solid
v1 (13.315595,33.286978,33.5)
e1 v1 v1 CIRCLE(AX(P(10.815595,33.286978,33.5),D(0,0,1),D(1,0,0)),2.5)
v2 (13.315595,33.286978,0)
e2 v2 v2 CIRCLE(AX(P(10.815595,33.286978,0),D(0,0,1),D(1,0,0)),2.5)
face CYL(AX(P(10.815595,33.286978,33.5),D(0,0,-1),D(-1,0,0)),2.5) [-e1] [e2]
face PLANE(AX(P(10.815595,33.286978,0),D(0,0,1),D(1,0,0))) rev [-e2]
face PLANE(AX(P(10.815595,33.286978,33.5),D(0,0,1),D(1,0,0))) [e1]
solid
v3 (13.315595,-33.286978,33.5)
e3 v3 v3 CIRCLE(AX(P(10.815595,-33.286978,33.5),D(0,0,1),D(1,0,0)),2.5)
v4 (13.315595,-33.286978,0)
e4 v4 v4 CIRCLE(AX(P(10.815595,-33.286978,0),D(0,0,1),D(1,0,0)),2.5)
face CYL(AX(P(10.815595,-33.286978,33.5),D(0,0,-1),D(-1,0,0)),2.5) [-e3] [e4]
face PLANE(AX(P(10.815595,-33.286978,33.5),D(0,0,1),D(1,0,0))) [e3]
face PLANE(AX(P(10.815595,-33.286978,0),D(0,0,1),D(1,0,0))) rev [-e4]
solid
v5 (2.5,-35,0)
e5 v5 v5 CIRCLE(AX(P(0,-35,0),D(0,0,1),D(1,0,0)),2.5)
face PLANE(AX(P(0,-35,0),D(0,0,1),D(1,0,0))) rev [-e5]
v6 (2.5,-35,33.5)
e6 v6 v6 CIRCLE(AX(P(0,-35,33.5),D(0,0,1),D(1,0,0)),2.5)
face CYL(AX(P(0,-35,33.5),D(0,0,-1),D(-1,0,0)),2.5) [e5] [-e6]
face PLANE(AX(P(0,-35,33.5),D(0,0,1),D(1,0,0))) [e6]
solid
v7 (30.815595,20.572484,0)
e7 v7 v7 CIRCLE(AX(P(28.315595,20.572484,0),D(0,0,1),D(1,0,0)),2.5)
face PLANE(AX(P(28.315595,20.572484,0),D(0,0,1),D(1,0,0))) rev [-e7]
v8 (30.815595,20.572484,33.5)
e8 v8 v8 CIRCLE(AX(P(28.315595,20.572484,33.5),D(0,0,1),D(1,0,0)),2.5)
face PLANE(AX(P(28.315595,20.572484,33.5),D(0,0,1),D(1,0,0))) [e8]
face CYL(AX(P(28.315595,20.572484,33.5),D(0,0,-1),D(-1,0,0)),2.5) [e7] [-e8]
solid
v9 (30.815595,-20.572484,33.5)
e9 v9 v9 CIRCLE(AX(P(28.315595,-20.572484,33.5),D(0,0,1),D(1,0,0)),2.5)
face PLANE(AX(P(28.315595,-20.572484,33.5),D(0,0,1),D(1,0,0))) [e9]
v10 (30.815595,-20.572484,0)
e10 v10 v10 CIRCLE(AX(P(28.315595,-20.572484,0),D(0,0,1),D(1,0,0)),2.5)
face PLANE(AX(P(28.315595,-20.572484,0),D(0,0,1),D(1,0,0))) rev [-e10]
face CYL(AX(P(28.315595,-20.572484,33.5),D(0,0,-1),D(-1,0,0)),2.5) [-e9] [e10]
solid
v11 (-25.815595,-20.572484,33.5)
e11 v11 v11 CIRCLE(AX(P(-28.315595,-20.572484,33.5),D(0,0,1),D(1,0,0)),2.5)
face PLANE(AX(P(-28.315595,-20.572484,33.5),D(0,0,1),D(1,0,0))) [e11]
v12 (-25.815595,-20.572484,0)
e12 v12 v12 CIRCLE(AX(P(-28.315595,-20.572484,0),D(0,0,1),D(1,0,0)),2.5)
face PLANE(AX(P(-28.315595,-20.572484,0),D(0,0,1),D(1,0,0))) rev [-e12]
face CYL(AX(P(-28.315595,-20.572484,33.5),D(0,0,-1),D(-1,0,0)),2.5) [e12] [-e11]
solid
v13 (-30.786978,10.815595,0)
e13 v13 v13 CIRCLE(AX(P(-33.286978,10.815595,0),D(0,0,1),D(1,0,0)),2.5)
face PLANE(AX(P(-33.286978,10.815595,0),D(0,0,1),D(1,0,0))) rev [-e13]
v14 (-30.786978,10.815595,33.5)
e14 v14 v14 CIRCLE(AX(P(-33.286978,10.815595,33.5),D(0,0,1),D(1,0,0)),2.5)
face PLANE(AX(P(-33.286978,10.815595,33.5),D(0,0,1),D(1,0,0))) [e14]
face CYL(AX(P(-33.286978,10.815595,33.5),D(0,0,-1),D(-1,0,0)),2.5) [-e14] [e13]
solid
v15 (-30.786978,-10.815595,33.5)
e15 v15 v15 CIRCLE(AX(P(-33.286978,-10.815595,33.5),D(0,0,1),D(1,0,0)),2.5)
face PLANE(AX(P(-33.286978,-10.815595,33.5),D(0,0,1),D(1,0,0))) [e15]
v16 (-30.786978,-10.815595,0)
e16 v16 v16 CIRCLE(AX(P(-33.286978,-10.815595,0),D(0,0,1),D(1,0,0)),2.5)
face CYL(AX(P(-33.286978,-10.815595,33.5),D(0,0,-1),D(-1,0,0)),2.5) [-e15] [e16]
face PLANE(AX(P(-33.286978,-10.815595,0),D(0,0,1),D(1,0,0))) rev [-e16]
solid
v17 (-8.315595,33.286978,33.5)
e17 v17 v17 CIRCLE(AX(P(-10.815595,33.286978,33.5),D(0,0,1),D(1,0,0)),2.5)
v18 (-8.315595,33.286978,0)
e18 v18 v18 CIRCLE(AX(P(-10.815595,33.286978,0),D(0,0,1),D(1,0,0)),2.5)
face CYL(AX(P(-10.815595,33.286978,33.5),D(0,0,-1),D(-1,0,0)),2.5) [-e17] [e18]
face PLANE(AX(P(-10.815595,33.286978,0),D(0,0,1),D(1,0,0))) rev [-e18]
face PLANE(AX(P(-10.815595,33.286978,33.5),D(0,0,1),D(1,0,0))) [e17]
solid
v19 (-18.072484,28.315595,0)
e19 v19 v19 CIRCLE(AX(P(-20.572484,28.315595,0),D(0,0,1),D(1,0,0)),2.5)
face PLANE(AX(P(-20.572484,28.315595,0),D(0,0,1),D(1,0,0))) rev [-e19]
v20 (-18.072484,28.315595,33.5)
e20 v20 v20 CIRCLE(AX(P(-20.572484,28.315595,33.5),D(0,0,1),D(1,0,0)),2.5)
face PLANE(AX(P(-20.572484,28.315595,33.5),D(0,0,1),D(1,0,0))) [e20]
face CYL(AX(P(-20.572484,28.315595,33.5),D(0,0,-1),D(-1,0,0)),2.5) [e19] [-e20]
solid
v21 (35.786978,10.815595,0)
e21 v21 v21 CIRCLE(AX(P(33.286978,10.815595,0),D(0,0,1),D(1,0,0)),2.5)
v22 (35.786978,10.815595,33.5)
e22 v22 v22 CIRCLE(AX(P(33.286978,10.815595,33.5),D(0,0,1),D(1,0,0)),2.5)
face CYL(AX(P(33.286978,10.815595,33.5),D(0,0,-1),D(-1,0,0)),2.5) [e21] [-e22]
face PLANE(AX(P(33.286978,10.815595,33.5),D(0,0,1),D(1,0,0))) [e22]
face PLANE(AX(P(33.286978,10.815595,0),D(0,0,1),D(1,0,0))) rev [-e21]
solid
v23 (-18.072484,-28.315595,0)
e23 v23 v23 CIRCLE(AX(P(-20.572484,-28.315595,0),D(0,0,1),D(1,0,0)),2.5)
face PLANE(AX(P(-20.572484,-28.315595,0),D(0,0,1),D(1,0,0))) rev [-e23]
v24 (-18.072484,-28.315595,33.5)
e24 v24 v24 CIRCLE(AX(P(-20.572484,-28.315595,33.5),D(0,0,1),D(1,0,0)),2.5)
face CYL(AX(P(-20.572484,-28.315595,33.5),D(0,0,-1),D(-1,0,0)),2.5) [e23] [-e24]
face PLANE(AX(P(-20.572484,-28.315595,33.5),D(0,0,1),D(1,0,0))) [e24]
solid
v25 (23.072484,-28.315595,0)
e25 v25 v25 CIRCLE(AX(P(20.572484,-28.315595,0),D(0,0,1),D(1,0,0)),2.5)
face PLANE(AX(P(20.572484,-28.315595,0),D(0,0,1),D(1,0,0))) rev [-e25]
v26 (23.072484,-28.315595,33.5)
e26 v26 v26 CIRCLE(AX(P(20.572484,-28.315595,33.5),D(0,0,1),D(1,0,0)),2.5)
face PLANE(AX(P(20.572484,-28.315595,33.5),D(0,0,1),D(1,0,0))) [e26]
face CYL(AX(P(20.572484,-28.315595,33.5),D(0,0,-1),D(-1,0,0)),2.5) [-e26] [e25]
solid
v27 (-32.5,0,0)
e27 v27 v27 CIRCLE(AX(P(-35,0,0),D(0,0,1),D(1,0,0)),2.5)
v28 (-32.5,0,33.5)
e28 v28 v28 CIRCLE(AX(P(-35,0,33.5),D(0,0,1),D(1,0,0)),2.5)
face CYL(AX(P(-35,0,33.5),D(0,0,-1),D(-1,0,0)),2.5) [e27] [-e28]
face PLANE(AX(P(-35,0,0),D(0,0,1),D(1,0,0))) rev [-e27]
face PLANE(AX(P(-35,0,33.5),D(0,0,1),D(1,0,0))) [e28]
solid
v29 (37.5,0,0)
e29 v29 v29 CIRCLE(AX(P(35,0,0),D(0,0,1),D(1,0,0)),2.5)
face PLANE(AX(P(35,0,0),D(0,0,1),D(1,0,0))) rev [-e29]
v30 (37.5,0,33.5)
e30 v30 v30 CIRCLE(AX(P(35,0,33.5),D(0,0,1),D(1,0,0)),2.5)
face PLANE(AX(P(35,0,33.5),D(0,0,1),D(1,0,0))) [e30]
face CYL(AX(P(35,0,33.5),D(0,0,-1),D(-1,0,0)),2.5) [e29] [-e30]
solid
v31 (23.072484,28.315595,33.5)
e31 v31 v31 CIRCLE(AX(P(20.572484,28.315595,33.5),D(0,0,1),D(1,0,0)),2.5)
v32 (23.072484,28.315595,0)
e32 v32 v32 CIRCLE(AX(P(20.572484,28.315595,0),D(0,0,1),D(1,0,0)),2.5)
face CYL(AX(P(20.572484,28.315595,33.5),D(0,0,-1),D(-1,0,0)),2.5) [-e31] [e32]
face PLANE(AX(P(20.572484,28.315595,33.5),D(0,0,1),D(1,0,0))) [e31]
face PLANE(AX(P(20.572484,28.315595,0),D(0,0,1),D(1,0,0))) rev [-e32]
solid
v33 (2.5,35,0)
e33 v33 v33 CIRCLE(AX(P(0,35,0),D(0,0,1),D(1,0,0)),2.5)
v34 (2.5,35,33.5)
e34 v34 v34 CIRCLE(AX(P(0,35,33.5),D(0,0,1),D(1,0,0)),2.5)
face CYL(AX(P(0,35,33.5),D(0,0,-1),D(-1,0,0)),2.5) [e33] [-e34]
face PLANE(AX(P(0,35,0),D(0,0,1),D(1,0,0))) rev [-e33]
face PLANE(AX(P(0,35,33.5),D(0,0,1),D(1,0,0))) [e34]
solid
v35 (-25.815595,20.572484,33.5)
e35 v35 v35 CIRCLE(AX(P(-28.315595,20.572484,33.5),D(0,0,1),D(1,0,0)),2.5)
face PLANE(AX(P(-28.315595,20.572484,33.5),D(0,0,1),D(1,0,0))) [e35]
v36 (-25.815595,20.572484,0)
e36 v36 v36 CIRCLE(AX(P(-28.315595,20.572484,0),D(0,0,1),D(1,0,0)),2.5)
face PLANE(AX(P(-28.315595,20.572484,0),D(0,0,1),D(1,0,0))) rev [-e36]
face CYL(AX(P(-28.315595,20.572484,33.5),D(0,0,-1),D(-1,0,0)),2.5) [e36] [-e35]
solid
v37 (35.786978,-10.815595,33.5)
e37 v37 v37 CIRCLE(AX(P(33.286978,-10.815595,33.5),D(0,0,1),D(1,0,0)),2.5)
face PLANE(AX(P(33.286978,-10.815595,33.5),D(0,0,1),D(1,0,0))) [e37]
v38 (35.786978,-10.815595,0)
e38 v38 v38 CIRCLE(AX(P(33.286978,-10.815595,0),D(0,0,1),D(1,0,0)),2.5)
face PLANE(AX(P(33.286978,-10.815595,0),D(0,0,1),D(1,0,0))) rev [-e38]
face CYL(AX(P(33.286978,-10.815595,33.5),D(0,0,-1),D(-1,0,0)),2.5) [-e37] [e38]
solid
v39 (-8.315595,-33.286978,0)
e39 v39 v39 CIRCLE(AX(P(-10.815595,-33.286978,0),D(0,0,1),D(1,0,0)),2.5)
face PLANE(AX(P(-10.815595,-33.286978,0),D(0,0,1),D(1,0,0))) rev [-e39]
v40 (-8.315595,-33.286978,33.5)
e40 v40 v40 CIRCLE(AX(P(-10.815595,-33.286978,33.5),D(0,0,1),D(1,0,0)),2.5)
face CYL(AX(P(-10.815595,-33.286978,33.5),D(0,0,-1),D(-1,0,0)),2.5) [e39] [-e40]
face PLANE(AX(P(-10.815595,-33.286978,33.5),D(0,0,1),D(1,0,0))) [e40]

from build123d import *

# Parameters (mm, degrees)
SKETCH1_R              = 2.5
BOSS_EXTRUDE1_DEPTH    = 33.5
BOSS_EXTRUDE1_2_DEPTH  = 33.5
BOSS_EXTRUDE1_3_DEPTH  = 33.5
BOSS_EXTRUDE1_4_DEPTH  = 33.5
BOSS_EXTRUDE1_5_DEPTH  = 33.5
BOSS_EXTRUDE1_6_DEPTH  = 33.5
BOSS_EXTRUDE1_7_DEPTH  = 33.5
BOSS_EXTRUDE1_8_DEPTH  = 33.5
BOSS_EXTRUDE1_9_DEPTH  = 33.5
BOSS_EXTRUDE1_10_DEPTH = 33.5
BOSS_EXTRUDE1_11_DEPTH = 33.5
BOSS_EXTRUDE1_12_DEPTH = 33.5
BOSS_EXTRUDE1_13_DEPTH = 33.5
BOSS_EXTRUDE1_14_DEPTH = 33.5
BOSS_EXTRUDE1_15_DEPTH = 33.5
BOSS_EXTRUDE1_16_DEPTH = 33.5
BOSS_EXTRUDE1_17_DEPTH = 33.5
BOSS_EXTRUDE1_18_DEPTH = 33.5
BOSS_EXTRUDE1_19_DEPTH = 33.5
BOSS_EXTRUDE1_20_DEPTH = 33.5


with BuildPart() as part:
    # Sketch1 → Boss-Extrude1 (new body)
    with BuildSketch(Plane.XY):
        with Locations((0, 35)):
            Circle(SKETCH1_R)
    extrude(amount=BOSS_EXTRUDE1_DEPTH)


with BuildPart() as body_2:
    # Sketch1 → Boss-Extrude1 2 (new body)
    with BuildSketch(Plane.XY):
        with Locations((10.815594803, 33.28697807)):
            Circle(SKETCH1_R)
    extrude(amount=BOSS_EXTRUDE1_2_DEPTH)


with BuildPart() as body_3:
    # Sketch1 → Boss-Extrude1 3 (new body)
    with BuildSketch(Plane.XY):
        with Locations((20.57248383, 28.315594803)):
            Circle(SKETCH1_R)
    extrude(amount=BOSS_EXTRUDE1_3_DEPTH)


with BuildPart() as body_4:
    # Sketch1 → Boss-Extrude1 4 (new body)
    with BuildSketch(Plane.XY):
        with Locations((28.315594803, 20.57248383)):
            Circle(SKETCH1_R)
    extrude(amount=BOSS_EXTRUDE1_4_DEPTH)


with BuildPart() as body_5:
    # Sketch1 → Boss-Extrude1 5 (new body)
    with BuildSketch(Plane.XY):
        with Locations((33.28697807, 10.815594803)):
            Circle(SKETCH1_R)
    extrude(amount=BOSS_EXTRUDE1_5_DEPTH)


with BuildPart() as body_6:
    # Sketch1 → Boss-Extrude1 6 (new body)
    with BuildSketch(Plane.XY):
        with Locations((35, 0)):
            Circle(SKETCH1_R)
    extrude(amount=BOSS_EXTRUDE1_6_DEPTH)


with BuildPart() as body_7:
    # Sketch1 → Boss-Extrude1 7 (new body)
    with BuildSketch(Plane.XY):
        with Locations((33.28697807, -10.815594803)):
            Circle(SKETCH1_R)
    extrude(amount=BOSS_EXTRUDE1_7_DEPTH)


with BuildPart() as body_8:
    # Sketch1 → Boss-Extrude1 8 (new body)
    with BuildSketch(Plane.XY):
        with Locations((28.315594803, -20.57248383)):
            Circle(SKETCH1_R)
    extrude(amount=BOSS_EXTRUDE1_8_DEPTH)


with BuildPart() as body_9:
    # Sketch1 → Boss-Extrude1 9 (new body)
    with BuildSketch(Plane.XY):
        with Locations((20.57248383, -28.315594803)):
            Circle(SKETCH1_R)
    extrude(amount=BOSS_EXTRUDE1_9_DEPTH)


with BuildPart() as body_10:
    # Sketch1 → Boss-Extrude1 10 (new body)
    with BuildSketch(Plane.XY):
        with Locations((10.815594803, -33.28697807)):
            Circle(SKETCH1_R)
    extrude(amount=BOSS_EXTRUDE1_10_DEPTH)


with BuildPart() as body_11:
    # Sketch1 → Boss-Extrude1 11 (new body)
    with BuildSketch(Plane.XY):
        with Locations((0, -35)):
            Circle(SKETCH1_R)
    extrude(amount=BOSS_EXTRUDE1_11_DEPTH)


with BuildPart() as body_12:
    # Sketch1 → Boss-Extrude1 12 (new body)
    with BuildSketch(Plane.XY):
        with Locations((-10.815594803, -33.28697807)):
            Circle(SKETCH1_R)
    extrude(amount=BOSS_EXTRUDE1_12_DEPTH)


with BuildPart() as body_13:
    # Sketch1 → Boss-Extrude1 13 (new body)
    with BuildSketch(Plane.XY):
        with Locations((-20.57248383, -28.315594803)):
            Circle(SKETCH1_R)
    extrude(amount=BOSS_EXTRUDE1_13_DEPTH)


with BuildPart() as body_14:
    # Sketch1 → Boss-Extrude1 14 (new body)
    with BuildSketch(Plane.XY):
        with Locations((-28.315594803, -20.57248383)):
            Circle(SKETCH1_R)
    extrude(amount=BOSS_EXTRUDE1_14_DEPTH)


with BuildPart() as body_15:
    # Sketch1 → Boss-Extrude1 15 (new body)
    with BuildSketch(Plane.XY):
        with Locations((-33.28697807, -10.815594803)):
            Circle(SKETCH1_R)
    extrude(amount=BOSS_EXTRUDE1_15_DEPTH)


with BuildPart() as body_16:
    # Sketch1 → Boss-Extrude1 16 (new body)
    with BuildSketch(Plane.XY):
        with Locations((-35, 0)):
            Circle(SKETCH1_R)
    extrude(amount=BOSS_EXTRUDE1_16_DEPTH)


with BuildPart() as body_17:
    # Sketch1 → Boss-Extrude1 17 (new body)
    with BuildSketch(Plane.XY):
        with Locations((-33.28697807, 10.815594803)):
            Circle(SKETCH1_R)
    extrude(amount=BOSS_EXTRUDE1_17_DEPTH)


with BuildPart() as body_18:
    # Sketch1 → Boss-Extrude1 18 (new body)
    with BuildSketch(Plane.XY):
        with Locations((-28.315594803, 20.57248383)):
            Circle(SKETCH1_R)
    extrude(amount=BOSS_EXTRUDE1_18_DEPTH)


with BuildPart() as body_19:
    # Sketch1 → Boss-Extrude1 19 (new body)
    with BuildSketch(Plane.XY):
        with Locations((-20.57248383, 28.315594803)):
            Circle(SKETCH1_R)
    extrude(amount=BOSS_EXTRUDE1_19_DEPTH)


with BuildPart() as body_20:
    # Sketch1 → Boss-Extrude1 20 (new body)
    with BuildSketch(Plane.XY):
        with Locations((-10.815594803, 33.28697807)):
            Circle(SKETCH1_R)
    extrude(amount=BOSS_EXTRUDE1_20_DEPTH)


solid = Compound([part.part, body_2.part, body_3.part, body_4.part, body_5.part, body_6.part, body_7.part, body_8.part, body_9.part, body_10.part, body_11.part, body_12.part, body_13.part, body_14.part, body_15.part, body_16.part, body_17.part, body_18.part, body_19.part, body_20.part])
